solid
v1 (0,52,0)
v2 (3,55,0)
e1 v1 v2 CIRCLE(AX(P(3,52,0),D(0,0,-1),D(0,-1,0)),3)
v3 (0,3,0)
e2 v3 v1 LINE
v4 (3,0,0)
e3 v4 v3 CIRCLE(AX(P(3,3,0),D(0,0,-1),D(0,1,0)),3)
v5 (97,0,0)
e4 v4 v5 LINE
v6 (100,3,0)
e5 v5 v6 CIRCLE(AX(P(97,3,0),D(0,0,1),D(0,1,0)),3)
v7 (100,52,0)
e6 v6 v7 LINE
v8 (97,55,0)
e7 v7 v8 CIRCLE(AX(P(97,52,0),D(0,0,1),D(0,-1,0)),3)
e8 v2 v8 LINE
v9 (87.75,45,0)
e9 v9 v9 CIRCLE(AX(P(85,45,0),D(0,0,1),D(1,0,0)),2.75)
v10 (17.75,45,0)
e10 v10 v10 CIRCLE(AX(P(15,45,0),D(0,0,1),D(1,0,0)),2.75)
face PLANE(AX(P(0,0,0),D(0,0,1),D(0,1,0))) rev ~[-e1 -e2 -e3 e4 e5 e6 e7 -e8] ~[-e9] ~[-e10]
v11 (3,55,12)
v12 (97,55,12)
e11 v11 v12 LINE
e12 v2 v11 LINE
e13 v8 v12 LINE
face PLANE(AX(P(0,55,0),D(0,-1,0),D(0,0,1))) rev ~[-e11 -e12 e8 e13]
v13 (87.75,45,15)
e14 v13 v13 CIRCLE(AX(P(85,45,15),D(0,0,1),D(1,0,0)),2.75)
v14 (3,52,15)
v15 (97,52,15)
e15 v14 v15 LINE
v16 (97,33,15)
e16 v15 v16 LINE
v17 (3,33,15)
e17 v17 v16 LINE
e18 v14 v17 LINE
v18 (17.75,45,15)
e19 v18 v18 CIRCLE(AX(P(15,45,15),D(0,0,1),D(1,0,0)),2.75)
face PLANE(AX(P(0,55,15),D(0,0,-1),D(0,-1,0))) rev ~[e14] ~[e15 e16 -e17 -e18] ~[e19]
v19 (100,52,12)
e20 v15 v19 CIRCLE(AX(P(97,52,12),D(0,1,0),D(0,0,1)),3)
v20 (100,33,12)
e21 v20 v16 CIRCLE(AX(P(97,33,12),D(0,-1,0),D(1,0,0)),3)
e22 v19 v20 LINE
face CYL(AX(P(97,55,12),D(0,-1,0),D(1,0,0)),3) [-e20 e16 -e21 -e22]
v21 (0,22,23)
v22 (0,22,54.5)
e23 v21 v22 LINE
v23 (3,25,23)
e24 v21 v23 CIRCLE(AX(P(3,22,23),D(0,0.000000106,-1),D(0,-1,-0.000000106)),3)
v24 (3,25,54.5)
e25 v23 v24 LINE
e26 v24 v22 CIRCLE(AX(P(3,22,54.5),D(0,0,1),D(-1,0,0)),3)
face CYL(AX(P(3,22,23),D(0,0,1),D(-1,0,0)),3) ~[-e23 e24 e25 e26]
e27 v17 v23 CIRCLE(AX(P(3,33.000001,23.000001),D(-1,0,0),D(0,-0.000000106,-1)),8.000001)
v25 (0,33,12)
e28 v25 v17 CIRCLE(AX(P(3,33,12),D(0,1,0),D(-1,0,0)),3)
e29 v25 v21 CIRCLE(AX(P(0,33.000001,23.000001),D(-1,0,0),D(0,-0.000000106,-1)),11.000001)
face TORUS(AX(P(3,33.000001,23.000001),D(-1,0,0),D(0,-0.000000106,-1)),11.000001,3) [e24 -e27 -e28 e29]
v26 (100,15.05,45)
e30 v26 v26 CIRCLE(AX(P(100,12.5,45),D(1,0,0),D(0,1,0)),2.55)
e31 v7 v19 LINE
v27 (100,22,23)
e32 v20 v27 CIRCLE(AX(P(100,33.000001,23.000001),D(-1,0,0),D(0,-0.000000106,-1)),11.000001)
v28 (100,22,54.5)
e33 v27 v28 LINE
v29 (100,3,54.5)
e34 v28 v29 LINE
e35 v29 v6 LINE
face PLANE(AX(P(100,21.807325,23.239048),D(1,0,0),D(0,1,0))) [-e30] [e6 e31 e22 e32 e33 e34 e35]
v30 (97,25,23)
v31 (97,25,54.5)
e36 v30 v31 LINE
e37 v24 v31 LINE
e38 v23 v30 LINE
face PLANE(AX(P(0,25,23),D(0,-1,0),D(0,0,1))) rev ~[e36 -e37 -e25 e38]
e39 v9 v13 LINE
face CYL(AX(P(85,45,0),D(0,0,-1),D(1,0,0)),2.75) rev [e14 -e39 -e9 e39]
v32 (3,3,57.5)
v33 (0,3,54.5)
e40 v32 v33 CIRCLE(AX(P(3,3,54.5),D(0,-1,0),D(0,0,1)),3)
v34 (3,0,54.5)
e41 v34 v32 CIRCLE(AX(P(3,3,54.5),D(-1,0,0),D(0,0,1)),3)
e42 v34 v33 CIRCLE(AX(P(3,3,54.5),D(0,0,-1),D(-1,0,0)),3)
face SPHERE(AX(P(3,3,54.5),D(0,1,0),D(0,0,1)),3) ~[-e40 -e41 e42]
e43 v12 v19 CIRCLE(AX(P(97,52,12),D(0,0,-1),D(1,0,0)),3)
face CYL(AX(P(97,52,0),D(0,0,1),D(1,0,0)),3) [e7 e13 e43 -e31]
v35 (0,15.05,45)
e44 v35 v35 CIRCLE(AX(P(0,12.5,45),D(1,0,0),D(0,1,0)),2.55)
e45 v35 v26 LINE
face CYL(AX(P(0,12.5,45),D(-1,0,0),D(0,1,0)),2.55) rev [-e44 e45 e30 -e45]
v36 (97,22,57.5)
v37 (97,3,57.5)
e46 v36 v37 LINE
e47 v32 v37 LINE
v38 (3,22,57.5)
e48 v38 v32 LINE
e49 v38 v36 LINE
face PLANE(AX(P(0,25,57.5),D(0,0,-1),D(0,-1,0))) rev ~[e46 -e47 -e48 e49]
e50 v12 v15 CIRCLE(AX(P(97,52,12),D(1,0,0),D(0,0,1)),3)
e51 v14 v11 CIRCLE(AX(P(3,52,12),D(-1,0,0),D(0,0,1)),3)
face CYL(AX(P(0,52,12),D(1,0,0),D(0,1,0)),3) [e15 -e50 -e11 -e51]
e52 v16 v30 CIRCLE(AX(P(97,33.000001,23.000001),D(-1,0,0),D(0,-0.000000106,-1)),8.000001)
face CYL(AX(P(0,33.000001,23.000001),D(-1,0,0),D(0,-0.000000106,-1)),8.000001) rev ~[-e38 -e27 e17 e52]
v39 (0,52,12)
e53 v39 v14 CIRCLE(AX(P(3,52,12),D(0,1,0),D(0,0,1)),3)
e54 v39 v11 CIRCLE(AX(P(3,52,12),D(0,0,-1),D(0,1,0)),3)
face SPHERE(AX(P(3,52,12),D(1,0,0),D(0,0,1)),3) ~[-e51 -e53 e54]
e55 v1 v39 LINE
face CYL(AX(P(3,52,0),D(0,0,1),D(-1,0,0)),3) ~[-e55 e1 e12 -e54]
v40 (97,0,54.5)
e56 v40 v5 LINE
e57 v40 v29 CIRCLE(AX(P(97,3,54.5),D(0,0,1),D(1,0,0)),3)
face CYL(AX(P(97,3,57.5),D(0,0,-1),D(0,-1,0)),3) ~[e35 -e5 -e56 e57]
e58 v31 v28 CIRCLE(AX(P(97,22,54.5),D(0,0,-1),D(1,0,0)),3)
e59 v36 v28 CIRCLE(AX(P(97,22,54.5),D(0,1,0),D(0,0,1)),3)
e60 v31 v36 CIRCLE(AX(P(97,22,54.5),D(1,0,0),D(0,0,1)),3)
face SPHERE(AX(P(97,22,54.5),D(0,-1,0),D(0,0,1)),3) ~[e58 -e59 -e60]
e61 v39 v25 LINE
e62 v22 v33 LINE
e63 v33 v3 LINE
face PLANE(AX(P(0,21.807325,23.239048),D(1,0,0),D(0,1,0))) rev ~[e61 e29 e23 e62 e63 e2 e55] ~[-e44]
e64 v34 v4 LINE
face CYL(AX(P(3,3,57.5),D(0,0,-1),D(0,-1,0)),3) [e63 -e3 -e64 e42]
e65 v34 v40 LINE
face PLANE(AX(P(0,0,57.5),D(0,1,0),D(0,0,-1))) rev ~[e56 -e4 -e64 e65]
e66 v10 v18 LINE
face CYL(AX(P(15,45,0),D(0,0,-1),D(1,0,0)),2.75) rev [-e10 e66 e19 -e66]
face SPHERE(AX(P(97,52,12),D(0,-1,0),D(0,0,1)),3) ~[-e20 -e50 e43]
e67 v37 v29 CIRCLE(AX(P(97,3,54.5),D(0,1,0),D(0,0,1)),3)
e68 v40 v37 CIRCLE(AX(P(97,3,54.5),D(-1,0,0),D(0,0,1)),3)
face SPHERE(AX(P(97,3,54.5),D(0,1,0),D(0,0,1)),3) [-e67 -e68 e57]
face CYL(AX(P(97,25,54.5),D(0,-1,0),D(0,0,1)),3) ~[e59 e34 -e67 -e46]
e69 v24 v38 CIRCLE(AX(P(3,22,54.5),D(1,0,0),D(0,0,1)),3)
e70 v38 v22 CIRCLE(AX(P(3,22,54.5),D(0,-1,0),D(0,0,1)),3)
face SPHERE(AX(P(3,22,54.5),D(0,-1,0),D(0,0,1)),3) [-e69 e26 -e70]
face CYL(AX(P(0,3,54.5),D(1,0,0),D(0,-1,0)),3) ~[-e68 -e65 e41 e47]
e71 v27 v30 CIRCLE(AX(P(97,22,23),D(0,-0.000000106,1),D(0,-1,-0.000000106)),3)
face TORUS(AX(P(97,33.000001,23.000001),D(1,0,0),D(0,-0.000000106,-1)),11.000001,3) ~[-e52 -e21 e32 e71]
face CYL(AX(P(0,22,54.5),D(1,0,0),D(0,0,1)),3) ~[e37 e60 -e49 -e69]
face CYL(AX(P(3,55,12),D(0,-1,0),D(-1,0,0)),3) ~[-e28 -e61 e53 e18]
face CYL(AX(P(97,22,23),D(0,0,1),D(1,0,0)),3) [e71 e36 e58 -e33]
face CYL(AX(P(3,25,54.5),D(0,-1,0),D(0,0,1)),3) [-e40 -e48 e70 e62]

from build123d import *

# Parameters (mm, degrees)
F0_R     = 2.55
F1_DEPTH = 100
F2_R     = 2.75
F3_DEPTH = 15
F4_R     = 3


with BuildPart() as f1:
    # F0 (on Right) → F1 (new body)
    with BuildSketch(Plane.YZ):
        with BuildLine():
            Line((0, 57.5), (0, 0))
            Line((0, 0), (55, 0))
            Line((55, 0), (55, 15))
            Line((55, 15), (33, 15))
            ThreePointArc((33, 15), (27.343146, 17.343146), (25, 23))
            Line((25, 23), (25, 57.5))
            Line((25, 57.5), (0, 57.5))
        make_face()
        with Locations((12.5, 45)):
            Circle(F0_R, mode=Mode.SUBTRACT)
    extrude(amount=F1_DEPTH)

    # F2 (on Top) → F3 (cut)
    with BuildSketch(Plane.XY):
        with Locations((15, 45)):
            Circle(F2_R)
        with Locations((85, 45)):
            Circle(F2_R)
    extrude(amount=F3_DEPTH, mode=Mode.SUBTRACT)

    # F4
    f4_edges = [f1.edges().sort_by_distance(p)[0] for p in [
        (100, 12.5, 57.5),
        (0, 12.5, 57.5),
        (50, 25, 57.5),
        (50, 0, 57.5),
        (100, 44, 15),
        (50, 55, 15),
        (0, 44, 15),
        (100, 0, 28.75),
        (0, 0, 28.75),
        (0, 55, 7.5),
        (100, 55, 7.5),
    ]]
    fillet(f4_edges, radius=F4_R)


solid = f1.part
